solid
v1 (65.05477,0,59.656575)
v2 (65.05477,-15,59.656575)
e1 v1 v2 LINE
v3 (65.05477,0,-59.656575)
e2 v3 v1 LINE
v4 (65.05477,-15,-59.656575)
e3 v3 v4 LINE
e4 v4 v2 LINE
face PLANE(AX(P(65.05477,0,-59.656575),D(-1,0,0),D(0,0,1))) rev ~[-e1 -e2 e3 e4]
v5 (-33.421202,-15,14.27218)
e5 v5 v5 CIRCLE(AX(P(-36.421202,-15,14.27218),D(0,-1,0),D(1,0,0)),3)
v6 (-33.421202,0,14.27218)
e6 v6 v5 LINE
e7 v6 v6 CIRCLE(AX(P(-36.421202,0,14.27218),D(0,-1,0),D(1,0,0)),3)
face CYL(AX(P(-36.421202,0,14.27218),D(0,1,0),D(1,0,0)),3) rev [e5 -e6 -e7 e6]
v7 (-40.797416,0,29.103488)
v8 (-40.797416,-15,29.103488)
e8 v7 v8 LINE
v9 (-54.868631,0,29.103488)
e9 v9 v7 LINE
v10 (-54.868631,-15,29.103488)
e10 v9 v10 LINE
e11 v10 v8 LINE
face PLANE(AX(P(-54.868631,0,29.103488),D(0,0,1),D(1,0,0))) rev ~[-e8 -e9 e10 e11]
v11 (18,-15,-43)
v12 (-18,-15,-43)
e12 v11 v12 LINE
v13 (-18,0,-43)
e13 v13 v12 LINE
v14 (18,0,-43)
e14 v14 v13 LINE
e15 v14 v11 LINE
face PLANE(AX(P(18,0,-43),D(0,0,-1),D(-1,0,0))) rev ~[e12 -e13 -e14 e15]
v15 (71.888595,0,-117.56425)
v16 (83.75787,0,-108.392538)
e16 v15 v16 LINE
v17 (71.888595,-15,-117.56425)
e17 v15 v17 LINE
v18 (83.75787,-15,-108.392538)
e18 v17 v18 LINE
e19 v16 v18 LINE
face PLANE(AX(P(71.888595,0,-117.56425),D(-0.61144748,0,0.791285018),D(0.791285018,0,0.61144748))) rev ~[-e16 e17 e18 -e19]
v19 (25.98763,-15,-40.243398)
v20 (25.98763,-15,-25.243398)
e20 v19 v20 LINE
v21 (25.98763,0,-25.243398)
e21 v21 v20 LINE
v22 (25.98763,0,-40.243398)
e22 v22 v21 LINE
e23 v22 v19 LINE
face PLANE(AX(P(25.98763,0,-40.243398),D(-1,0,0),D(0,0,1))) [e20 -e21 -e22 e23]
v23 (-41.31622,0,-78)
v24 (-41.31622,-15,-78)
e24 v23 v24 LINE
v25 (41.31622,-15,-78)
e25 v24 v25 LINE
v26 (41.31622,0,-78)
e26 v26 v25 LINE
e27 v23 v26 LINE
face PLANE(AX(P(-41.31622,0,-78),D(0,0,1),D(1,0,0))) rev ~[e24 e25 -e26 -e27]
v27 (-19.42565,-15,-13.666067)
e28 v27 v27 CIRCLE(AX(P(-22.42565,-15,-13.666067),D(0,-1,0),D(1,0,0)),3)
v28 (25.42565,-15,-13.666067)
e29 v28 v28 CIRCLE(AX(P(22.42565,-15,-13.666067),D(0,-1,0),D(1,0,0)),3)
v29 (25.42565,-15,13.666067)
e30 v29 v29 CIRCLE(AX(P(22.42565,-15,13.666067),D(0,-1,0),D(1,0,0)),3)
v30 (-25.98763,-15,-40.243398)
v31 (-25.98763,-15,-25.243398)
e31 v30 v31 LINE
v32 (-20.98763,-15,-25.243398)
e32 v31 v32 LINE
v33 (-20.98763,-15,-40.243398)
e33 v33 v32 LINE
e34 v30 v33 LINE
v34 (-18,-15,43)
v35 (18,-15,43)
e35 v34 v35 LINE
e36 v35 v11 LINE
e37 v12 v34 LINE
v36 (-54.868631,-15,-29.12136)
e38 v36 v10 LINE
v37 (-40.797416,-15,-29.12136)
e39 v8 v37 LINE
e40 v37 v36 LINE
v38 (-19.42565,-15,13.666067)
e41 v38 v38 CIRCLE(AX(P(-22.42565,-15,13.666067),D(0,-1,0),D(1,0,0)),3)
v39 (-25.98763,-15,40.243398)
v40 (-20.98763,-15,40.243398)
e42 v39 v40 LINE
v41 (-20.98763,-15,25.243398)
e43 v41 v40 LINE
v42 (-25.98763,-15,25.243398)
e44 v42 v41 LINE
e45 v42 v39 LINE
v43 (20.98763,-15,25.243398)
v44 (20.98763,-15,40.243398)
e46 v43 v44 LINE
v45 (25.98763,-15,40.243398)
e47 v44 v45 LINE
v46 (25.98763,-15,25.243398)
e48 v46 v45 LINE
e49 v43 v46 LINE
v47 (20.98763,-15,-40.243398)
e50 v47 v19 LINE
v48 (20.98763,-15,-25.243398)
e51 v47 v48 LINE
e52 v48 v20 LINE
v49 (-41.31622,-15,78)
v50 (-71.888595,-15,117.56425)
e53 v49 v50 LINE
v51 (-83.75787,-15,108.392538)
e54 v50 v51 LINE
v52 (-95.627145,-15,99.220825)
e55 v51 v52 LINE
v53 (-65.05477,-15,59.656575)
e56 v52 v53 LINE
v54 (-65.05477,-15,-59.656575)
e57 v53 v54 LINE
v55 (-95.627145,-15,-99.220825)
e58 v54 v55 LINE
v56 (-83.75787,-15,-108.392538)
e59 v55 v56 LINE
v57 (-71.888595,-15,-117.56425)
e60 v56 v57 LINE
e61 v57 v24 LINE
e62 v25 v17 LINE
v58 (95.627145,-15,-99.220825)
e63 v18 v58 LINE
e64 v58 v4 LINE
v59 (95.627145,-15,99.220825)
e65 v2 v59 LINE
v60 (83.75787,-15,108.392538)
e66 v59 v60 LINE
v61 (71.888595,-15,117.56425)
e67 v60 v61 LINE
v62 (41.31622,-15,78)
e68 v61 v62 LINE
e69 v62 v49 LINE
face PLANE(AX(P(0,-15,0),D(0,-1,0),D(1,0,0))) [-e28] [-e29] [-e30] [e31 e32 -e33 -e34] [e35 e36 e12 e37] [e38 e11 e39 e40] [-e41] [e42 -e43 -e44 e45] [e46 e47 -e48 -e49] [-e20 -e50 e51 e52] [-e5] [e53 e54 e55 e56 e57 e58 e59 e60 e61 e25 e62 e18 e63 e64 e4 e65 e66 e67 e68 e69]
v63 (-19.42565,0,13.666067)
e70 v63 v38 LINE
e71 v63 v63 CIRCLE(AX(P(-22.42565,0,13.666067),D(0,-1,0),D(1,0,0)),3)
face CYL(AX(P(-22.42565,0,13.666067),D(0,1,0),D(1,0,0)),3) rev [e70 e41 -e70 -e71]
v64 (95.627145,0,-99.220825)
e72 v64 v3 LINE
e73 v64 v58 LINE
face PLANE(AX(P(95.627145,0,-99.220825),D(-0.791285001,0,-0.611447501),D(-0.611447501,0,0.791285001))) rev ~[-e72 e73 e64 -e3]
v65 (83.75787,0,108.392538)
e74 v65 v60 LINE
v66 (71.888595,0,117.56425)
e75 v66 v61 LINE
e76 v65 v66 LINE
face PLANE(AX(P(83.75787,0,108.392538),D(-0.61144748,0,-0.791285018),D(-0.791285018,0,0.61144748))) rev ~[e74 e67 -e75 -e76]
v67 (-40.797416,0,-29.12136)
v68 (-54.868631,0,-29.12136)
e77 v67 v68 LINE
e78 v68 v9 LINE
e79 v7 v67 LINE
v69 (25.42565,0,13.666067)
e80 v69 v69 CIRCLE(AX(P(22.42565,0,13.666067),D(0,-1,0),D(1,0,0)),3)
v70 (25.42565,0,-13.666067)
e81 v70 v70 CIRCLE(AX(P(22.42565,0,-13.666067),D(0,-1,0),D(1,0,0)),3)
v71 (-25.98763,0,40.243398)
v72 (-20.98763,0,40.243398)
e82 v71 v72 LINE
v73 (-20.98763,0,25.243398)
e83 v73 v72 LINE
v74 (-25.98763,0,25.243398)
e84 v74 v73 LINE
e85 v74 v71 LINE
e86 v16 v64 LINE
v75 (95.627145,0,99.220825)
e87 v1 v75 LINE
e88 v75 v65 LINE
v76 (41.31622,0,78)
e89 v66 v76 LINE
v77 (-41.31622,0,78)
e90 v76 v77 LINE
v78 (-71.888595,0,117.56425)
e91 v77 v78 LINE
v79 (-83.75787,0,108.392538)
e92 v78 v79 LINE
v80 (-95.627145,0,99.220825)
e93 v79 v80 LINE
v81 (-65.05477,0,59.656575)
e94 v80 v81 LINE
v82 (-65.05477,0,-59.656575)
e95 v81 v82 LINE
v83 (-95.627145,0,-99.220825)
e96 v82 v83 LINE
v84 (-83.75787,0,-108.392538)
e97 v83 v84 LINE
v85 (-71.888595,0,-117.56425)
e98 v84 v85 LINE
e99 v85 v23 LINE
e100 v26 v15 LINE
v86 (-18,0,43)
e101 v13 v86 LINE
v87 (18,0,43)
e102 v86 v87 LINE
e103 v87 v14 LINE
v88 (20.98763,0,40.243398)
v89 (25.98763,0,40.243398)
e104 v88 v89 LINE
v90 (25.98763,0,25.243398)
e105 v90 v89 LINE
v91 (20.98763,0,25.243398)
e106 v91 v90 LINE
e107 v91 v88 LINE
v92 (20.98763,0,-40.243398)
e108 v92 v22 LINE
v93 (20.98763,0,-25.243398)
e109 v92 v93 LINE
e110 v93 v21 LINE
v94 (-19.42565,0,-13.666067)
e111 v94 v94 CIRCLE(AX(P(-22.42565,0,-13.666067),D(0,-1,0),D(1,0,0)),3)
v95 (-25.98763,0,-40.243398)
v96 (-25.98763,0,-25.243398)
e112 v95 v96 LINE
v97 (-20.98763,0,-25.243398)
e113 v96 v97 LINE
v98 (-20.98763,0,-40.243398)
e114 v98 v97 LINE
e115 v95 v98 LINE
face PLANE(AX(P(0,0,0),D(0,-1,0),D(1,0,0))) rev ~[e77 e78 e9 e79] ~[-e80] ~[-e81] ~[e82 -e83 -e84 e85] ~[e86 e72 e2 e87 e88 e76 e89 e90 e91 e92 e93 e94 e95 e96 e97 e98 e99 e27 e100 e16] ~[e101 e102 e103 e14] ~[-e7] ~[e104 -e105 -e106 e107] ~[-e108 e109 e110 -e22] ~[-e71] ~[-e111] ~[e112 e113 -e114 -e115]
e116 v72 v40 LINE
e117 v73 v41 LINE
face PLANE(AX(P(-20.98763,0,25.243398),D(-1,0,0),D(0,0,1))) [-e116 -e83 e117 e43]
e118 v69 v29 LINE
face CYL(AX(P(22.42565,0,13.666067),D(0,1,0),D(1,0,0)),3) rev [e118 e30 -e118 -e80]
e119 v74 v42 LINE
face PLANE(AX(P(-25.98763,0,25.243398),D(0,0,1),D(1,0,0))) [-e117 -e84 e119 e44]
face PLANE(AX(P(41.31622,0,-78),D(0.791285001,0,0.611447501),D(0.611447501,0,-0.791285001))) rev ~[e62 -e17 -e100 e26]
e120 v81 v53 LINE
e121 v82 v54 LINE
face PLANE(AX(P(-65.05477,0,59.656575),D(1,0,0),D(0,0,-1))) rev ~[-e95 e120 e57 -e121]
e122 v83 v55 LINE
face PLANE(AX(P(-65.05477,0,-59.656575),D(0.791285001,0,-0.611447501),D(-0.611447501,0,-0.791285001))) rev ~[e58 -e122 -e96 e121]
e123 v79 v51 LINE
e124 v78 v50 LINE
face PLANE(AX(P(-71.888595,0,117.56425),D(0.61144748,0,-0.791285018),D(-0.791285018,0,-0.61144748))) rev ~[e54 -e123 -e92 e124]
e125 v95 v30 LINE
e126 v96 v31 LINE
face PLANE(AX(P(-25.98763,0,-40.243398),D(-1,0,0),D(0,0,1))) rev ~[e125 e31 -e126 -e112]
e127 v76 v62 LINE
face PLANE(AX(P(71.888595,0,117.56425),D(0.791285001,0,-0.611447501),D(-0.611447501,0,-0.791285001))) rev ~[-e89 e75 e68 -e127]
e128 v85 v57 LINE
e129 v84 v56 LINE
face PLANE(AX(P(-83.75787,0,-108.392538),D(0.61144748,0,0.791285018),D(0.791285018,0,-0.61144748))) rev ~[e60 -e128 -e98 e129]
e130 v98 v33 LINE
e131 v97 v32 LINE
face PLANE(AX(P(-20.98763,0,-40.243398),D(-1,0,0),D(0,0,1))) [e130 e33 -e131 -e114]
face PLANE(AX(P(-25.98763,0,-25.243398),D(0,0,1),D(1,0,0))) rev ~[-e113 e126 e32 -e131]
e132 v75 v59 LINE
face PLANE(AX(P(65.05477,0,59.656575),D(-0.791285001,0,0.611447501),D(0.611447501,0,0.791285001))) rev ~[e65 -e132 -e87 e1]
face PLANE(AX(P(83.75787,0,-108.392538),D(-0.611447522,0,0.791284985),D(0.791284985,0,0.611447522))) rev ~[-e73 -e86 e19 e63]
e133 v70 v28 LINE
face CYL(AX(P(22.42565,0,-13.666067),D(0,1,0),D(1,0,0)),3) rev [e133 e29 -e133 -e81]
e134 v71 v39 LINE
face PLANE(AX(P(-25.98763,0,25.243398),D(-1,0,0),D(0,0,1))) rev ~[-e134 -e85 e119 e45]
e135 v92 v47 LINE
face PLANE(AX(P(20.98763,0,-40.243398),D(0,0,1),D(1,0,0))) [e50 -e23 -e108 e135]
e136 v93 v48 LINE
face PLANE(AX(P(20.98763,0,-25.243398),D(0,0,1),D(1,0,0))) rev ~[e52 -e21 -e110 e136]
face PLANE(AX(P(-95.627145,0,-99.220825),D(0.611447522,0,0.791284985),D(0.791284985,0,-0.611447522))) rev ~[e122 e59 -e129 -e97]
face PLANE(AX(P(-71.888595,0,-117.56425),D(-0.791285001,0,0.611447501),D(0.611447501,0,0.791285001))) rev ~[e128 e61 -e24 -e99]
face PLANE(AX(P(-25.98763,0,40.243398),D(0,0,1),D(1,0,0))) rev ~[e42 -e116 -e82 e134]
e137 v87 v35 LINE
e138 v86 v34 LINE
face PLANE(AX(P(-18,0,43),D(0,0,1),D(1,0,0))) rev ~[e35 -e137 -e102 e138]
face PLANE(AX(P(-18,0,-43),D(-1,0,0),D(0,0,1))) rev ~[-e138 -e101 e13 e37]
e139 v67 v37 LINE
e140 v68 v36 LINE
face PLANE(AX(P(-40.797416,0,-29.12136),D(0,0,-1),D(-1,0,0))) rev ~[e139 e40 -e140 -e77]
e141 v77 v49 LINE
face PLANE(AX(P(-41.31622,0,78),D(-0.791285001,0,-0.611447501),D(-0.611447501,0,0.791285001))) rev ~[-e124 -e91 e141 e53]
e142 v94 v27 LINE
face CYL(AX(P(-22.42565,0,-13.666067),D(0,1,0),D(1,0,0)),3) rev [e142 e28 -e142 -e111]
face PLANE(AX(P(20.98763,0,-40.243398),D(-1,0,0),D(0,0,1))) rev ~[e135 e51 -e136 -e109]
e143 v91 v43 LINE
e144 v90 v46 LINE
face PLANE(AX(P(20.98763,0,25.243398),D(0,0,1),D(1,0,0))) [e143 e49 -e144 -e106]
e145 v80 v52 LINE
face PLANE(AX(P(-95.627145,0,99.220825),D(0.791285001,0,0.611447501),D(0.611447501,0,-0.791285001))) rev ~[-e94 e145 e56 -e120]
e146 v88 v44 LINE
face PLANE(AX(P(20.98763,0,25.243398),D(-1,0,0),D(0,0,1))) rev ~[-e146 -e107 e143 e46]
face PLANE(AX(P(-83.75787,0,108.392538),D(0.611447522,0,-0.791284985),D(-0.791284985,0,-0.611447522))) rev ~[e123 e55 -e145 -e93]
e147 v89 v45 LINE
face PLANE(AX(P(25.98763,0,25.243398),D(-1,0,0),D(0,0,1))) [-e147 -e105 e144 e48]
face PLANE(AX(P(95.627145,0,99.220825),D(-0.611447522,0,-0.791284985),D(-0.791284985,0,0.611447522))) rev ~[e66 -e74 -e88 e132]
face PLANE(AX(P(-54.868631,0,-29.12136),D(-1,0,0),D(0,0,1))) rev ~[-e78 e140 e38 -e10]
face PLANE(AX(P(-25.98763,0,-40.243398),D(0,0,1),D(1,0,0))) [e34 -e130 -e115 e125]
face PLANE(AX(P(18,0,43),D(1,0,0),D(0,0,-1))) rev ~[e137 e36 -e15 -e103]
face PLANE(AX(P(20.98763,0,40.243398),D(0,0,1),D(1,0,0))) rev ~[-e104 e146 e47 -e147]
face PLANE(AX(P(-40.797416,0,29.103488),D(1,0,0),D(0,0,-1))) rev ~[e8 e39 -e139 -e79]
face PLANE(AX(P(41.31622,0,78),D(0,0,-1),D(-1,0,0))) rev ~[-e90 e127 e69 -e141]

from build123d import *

# Parameters (mm, degrees)
F0_W     = 5
F0_H     = 15
F0_R     = 3
F1_DEPTH = 15


with BuildPart() as f1:
    # F0 (on Front) → F1 (new body)
    with BuildSketch(Plane.XZ):
        Polygon((41.31622, 78), (0, 78), (-41.31622, 78), (-71.888595, 117.56425), (-83.75787, 108.392538), (-95.627145, 99.220825), (-65.05477, 59.656575), (-65.05477, -59.656575), (-95.627145, -99.220825), (-83.75787, -108.392538), (-71.888595, -117.56425), (-41.31622, -78), (0, -78), (41.31622, -78), (71.888595, -117.56425), (83.75787, -108.392538), (95.627145, -99.220825), (65.05477, -59.656575), (65.05477, 59.656575), (95.627145, 99.220825), (83.75787, 108.392538), (71.888595, 117.56425), align=None)
        Polygon((-54.868631, -29.103488), (-54.868631, 29.103488), (-40.797416, 29.103488), (-40.797416, -29.103488), (-40.797416, -29.12136), (-54.868631, -29.12136), align=None, mode=Mode.SUBTRACT)
        with Locations((-23.48763, -32.743398)):
            Rectangle(F0_W, F0_H, mode=Mode.SUBTRACT)
        with Locations((-22.42565, -13.666067)):
            Circle(F0_R, mode=Mode.SUBTRACT)
        with Locations((23.48763, -32.743398)):
            Rectangle(F0_W, F0_H, mode=Mode.SUBTRACT)
        Polygon((18, -43), (0, -43), (-18, -43), (-18, 0), (-18, 43), (0, 43), (18, 43), (18, 0), align=None, mode=Mode.SUBTRACT)
        with Locations((22.42565, -13.666067)):
            Circle(F0_R, mode=Mode.SUBTRACT)
        with Locations((-36.421202, 14.27218)):
            Circle(F0_R, mode=Mode.SUBTRACT)
        with Locations((-22.42565, 13.666067)):
            Circle(F0_R, mode=Mode.SUBTRACT)
        with Locations((-23.48763, 32.743398)):
            Rectangle(F0_W, F0_H, mode=Mode.SUBTRACT)
        with Locations((22.42565, 13.666067)):
            Circle(F0_R, mode=Mode.SUBTRACT)
        with Locations((23.48763, 32.743398)):
            Rectangle(F0_W, F0_H, mode=Mode.SUBTRACT)
    extrude(amount=F1_DEPTH)


solid = f1.part
